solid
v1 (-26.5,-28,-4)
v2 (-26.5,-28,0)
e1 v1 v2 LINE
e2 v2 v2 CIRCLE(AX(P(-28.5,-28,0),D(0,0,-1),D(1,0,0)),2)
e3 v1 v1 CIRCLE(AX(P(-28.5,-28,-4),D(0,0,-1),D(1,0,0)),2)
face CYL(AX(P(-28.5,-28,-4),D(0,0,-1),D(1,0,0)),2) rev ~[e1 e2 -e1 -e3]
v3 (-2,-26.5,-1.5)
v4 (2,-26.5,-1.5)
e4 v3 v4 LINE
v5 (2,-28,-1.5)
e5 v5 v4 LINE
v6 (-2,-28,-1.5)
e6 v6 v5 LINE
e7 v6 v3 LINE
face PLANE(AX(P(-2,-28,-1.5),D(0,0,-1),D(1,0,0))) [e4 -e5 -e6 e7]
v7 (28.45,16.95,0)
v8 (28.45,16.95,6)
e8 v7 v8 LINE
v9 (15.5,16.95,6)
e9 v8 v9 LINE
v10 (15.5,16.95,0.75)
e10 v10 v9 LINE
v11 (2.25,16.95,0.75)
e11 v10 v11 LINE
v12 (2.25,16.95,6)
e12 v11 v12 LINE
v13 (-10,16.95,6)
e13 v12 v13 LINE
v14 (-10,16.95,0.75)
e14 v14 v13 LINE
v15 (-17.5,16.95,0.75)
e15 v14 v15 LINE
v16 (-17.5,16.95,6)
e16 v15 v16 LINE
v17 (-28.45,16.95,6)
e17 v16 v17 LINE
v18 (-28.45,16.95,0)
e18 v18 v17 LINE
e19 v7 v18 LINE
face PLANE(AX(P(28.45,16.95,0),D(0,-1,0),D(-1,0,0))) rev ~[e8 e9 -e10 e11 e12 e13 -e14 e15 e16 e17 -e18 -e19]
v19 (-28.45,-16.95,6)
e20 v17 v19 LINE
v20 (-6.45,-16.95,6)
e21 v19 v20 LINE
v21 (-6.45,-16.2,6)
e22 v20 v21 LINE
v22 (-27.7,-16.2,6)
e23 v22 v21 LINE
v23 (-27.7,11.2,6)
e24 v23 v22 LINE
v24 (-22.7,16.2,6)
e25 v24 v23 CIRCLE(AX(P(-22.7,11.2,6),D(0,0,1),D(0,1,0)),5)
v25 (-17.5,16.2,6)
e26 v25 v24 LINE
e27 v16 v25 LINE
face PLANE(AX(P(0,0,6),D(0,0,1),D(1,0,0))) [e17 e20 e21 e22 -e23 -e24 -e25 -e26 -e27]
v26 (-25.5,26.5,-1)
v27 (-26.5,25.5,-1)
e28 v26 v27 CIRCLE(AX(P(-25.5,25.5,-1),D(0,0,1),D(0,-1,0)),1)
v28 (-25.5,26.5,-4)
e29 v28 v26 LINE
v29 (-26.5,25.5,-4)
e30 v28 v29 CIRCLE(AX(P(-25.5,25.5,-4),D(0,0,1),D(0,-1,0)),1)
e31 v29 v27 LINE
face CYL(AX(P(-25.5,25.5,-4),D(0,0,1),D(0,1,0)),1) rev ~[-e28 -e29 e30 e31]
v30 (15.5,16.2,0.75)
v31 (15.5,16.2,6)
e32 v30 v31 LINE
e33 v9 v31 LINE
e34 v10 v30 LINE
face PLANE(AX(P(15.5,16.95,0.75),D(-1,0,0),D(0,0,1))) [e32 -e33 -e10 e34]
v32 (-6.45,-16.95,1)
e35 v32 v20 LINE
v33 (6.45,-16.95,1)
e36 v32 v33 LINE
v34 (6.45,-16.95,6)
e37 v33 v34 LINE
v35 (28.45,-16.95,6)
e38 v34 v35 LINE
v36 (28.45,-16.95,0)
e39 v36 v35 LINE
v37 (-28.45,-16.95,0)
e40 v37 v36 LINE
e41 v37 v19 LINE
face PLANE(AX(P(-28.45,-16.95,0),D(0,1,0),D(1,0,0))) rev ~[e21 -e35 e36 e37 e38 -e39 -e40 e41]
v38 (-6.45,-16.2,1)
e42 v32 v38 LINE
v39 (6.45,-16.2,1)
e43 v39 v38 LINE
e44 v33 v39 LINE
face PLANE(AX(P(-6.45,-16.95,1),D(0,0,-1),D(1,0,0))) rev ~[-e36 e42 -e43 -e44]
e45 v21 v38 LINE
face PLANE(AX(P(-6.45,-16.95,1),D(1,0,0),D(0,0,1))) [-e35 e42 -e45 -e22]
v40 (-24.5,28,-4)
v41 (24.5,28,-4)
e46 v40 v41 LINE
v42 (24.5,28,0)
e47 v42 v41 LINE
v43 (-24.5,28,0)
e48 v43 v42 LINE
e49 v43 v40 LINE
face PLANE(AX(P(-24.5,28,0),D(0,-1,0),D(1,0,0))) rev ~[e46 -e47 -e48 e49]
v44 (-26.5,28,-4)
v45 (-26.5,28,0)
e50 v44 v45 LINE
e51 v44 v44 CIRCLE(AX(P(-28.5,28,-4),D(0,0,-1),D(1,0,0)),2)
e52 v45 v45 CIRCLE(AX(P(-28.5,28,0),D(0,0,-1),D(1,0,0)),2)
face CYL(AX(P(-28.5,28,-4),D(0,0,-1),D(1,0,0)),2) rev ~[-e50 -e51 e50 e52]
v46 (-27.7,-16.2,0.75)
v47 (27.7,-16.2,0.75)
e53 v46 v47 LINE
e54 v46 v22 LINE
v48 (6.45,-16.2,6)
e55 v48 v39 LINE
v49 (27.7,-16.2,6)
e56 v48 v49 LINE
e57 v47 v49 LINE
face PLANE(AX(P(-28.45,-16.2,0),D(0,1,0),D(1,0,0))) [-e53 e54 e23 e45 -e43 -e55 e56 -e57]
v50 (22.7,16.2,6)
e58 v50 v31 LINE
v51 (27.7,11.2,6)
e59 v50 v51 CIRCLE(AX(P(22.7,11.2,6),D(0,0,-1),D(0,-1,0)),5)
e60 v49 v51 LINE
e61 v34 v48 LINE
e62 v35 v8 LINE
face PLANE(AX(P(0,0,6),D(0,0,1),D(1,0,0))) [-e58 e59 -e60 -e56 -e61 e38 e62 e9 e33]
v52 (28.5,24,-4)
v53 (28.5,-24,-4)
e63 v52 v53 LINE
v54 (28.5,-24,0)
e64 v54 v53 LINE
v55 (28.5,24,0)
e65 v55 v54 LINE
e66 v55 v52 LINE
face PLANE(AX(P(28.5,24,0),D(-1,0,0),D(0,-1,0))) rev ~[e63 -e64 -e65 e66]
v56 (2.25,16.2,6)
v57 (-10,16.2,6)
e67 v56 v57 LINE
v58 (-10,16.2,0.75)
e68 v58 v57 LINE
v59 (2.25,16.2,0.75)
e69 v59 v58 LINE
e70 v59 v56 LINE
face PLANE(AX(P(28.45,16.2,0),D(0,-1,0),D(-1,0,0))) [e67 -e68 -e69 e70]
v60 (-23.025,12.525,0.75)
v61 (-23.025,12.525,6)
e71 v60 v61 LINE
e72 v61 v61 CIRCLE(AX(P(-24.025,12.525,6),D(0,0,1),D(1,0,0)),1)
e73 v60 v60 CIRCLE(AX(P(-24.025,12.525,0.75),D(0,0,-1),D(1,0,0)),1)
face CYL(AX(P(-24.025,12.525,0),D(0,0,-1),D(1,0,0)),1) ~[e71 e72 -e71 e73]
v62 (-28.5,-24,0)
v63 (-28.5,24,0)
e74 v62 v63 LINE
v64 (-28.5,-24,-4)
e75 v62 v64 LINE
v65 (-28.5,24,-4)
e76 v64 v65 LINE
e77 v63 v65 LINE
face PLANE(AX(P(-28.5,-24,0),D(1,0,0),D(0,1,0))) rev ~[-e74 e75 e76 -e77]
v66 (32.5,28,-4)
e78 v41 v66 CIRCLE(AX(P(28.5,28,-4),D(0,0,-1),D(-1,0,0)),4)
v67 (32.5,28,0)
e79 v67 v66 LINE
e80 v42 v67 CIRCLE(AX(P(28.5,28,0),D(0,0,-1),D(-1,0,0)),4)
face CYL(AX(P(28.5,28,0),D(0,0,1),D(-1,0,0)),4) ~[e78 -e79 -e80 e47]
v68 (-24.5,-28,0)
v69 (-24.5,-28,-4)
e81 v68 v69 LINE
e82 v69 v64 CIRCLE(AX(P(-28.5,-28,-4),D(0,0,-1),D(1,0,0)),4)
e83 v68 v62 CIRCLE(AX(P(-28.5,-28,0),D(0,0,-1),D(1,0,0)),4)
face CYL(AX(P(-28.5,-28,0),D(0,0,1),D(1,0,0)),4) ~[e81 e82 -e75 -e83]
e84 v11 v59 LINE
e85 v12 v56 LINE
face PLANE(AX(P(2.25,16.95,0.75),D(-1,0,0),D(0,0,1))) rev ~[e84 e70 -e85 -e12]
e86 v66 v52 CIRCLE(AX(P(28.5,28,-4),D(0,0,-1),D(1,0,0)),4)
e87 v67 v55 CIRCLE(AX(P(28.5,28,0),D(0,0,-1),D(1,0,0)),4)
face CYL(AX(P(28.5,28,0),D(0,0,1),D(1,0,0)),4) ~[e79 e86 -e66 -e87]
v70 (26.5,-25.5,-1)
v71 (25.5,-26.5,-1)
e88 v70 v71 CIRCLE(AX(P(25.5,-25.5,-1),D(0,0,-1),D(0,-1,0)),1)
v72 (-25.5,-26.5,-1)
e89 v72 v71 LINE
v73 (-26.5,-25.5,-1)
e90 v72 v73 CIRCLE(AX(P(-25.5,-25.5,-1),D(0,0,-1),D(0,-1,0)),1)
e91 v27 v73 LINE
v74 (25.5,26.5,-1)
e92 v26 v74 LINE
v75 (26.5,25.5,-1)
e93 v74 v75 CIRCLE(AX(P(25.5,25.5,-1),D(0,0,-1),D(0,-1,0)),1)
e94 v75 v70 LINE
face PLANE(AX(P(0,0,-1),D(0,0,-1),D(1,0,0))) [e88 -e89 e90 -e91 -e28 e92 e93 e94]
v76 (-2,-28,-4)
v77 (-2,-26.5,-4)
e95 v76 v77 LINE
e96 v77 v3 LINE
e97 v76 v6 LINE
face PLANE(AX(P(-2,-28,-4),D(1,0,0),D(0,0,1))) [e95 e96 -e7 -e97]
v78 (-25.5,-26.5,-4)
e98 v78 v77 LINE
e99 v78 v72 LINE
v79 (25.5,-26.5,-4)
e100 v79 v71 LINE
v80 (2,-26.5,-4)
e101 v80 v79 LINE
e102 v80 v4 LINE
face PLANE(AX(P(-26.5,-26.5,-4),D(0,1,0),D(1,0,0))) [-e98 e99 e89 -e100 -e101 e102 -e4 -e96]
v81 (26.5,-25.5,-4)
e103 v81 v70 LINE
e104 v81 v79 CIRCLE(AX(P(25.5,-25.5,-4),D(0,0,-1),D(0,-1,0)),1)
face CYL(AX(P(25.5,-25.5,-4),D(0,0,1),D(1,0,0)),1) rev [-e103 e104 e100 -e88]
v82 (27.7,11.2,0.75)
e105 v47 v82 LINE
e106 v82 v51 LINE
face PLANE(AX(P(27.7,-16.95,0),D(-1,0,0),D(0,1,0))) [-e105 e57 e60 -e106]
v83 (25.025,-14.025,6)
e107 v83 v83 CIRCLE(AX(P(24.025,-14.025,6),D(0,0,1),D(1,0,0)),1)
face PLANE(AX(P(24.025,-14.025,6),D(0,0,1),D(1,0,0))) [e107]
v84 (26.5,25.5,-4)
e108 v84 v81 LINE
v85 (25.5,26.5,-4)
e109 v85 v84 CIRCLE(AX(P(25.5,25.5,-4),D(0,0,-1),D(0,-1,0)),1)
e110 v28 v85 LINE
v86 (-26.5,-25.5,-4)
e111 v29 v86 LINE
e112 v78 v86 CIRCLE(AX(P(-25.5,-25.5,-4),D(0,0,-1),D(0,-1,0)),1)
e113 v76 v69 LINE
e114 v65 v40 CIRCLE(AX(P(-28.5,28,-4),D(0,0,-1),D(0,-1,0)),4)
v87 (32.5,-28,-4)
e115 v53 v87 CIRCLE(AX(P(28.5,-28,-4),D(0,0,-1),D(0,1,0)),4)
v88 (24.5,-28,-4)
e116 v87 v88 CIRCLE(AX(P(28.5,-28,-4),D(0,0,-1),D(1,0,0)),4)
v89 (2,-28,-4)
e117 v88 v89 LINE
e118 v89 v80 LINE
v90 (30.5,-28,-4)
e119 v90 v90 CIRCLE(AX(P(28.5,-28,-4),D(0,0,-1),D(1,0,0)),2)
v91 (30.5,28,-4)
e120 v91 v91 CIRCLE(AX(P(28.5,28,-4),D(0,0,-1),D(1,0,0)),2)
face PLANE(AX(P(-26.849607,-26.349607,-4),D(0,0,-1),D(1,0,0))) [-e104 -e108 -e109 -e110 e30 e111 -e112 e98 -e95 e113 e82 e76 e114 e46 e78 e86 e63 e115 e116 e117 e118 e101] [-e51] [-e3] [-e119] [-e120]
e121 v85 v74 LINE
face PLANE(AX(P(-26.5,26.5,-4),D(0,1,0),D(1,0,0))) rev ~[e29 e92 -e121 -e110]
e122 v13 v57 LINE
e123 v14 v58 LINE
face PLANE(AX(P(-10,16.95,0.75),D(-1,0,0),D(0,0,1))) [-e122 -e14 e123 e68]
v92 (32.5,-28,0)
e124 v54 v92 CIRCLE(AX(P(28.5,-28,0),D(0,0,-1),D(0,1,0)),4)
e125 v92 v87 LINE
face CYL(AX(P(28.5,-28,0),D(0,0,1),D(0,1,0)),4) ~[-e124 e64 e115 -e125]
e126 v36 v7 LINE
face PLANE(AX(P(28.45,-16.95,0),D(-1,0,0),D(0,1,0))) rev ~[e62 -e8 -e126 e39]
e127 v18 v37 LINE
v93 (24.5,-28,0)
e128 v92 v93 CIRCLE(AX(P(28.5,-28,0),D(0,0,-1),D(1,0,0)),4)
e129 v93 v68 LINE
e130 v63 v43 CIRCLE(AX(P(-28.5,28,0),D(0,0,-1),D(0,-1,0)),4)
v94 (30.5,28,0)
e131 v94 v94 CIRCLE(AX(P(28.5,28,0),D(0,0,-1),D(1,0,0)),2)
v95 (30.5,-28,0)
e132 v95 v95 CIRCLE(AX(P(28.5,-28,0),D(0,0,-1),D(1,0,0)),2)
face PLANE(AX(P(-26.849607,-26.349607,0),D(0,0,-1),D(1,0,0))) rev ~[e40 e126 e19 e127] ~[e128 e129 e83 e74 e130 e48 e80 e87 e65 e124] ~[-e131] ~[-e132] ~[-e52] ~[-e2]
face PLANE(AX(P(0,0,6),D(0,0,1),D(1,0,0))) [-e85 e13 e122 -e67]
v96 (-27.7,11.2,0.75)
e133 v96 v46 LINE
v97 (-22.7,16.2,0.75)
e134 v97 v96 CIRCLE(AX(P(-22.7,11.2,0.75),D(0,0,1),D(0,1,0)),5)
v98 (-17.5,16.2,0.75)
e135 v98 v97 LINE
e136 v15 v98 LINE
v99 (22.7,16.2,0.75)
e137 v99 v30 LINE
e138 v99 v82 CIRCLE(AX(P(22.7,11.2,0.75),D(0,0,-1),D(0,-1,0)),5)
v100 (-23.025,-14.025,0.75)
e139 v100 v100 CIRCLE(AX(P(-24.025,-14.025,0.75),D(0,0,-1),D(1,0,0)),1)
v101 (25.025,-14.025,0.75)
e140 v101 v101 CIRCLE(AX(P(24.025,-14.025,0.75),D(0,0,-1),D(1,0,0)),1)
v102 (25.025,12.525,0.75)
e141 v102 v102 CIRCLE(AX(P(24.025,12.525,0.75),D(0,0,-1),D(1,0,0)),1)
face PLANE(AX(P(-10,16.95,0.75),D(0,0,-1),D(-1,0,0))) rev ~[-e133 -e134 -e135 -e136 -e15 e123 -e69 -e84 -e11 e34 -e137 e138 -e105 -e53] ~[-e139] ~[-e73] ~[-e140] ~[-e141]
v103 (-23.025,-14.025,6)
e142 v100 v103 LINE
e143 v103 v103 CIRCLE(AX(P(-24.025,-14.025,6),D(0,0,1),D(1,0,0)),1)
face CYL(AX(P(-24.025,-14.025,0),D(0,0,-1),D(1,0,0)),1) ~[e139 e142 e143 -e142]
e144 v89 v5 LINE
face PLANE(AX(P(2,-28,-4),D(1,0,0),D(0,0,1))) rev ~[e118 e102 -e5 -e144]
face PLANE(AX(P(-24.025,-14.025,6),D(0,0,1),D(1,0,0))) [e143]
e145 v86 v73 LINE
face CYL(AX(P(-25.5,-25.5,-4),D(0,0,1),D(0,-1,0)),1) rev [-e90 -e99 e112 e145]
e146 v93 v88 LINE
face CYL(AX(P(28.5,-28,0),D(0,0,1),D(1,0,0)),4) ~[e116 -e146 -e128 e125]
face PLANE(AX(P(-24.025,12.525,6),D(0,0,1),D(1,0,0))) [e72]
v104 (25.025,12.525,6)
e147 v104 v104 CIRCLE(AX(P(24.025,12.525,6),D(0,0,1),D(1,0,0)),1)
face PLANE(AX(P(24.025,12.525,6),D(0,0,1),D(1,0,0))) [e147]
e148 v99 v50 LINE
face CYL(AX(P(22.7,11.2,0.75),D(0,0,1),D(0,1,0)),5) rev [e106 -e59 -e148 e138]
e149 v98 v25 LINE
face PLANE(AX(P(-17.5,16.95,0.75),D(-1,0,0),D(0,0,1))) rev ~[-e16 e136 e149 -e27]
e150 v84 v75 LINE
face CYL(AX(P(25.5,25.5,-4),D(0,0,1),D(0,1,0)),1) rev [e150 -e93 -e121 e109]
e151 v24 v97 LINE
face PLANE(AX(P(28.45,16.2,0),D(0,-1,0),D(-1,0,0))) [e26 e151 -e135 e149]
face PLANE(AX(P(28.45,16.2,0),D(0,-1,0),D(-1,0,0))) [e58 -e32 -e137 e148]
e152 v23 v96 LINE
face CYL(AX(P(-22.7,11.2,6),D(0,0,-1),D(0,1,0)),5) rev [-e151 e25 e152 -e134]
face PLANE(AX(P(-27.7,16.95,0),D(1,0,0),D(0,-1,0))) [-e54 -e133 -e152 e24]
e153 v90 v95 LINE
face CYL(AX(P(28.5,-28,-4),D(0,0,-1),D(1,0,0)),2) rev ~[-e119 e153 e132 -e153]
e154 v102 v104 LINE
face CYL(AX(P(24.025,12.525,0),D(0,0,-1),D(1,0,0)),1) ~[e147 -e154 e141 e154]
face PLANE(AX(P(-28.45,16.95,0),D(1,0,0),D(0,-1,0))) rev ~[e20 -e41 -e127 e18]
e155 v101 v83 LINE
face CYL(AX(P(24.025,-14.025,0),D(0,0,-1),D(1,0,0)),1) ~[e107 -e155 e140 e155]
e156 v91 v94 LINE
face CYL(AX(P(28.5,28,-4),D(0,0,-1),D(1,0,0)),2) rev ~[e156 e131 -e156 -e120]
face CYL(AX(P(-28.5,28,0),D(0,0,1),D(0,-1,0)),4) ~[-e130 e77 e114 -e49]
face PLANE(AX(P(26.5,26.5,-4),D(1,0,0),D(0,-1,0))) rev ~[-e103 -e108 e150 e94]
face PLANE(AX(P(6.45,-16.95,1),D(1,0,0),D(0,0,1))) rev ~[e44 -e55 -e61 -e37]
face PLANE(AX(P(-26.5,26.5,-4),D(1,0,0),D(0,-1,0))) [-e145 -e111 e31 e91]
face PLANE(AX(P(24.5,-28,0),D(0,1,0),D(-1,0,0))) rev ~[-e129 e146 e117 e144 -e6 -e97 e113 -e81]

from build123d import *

# Parameters (mm, degrees)
F2_DEPTH  = 6
F3_T      = -0.75
F4_R      = 1
F5_DEPTH  = 6
F6_W      = 13.25
F6_H      = 5.25
F6_W_2    = 7.5
F7_DEPTH  = 0.75
F9_DEPTH  = 4
F10_W     = 12.9
F10_H     = 5
F11_DEPTH = 1
F12_R     = 2
F13_DEPTH = 4
F14_W     = 53
F14_H     = 53
F15_DEPTH = 3
F16_R     = 1
F17_R     = 5
F18_W     = 4
F18_H     = 2.5
F19_DEPTH = 1.5


with BuildPart() as f2:
    # F1 (on Top) → F2 (new body)
    with BuildSketch(Plane.XY):
        Polygon((-28.45, 16.95), (-28.45, -16.95), (28.45, -16.95), (28.45, 16.95), (16.2, 16.95), (1.45, 16.95), (-9.05, 16.95), (-18.3, 16.95), align=None)
    extrude(amount=F2_DEPTH)

    # F3
    f3_openings = [f2.faces().sort_by_distance(p)[0] for p in [
        (0, 0, 6),
    ]]
    offset(amount=F3_T, openings=f3_openings)

    # F4 (on Top) → F5 (join)
    with BuildSketch(Plane.XY):
        with Locations((-24.025, 12.525)):
            Circle(F4_R)
        with Locations((24.025, 12.525)):
            Circle(F4_R)
        with Locations((-24.025, -14.025)):
            Circle(F4_R)
        with Locations((24.025, -14.025)):
            Circle(F4_R)
    extrude(amount=F5_DEPTH)

    # F6 (on face) → F7 (cut)
    with BuildSketch(Plane(origin=(0, 16.95, 0), x_dir=(-1, 0, 0), z_dir=(0, 1, 0))):
        with Locations((-8.875, 3.375)):
            Rectangle(F6_W, F6_H)
        with Locations((13.75, 3.375)):
            Rectangle(F6_W_2, F6_H)
    extrude(amount=-F7_DEPTH, mode=Mode.SUBTRACT)

    # F8 (on face) → F9 (join)
    with BuildSketch(Plane(origin=(0, 0, 0), x_dir=(1, 0, 0), z_dir=(0, 0, -1))):
        with BuildLine():
            ThreePointArc((-28.5, 24), (-25.6715728753, 25.1715728753), (-24.5, 28))
            Line((-24.5, 28), (-28.5, 28))
            Line((-28.5, 28), (-28.5, 24))
        make_face()
        with BuildLine():
            Line((-28.5, 28), (-24.5, 28))
            ThreePointArc((-24.5, 28), (-31.3284271247, 30.8284271247), (-28.5, 24))
            Line((-28.5, 24), (-28.5, 28))
        make_face()
        with BuildLine():
            Line((24.5, 28), (-24.5, 28))
            ThreePointArc((-24.5, 28), (-25.6715728753, 25.1715728753), (-28.5, 24))
            Line((-28.5, 24), (-28.5, -24))
            ThreePointArc((-28.5, -24), (-25.6715728753, -25.1715728753), (-24.5, -28))
            Line((-24.5, -28), (24.5, -28))
            ThreePointArc((24.5, -28), (25.6715728753, -25.1715728753), (28.5, -24))
            Line((28.5, -24), (28.5, 24))
            ThreePointArc((28.5, 24), (25.6715728753, 25.1715728753), (24.5, 28))
        make_face()
        with BuildLine():
            ThreePointArc((32.5, 28), (28.5, 32), (24.5, 28))
            Line((24.5, 28), (28.5, 28))
            Line((28.5, 28), (28.5, 24))
            ThreePointArc((28.5, 24), (31.3284271247, 25.1715728753), (32.5, 28))
        make_face()
        with BuildLine():
            Line((28.5, 28), (24.5, 28))
            ThreePointArc((24.5, 28), (25.6715728753, 25.1715728753), (28.5, 24))
            Line((28.5, 24), (28.5, 28))
        make_face()
        with BuildLine():
            ThreePointArc((-24.5, -28), (-25.6715728753, -25.1715728753), (-28.5, -24))
            Line((-28.5, -24), (-28.5, -28))
            Line((-28.5, -28), (-24.5, -28))
        make_face()
        with BuildLine():
            Line((-28.5, -28), (-28.5, -24))
            ThreePointArc((-28.5, -24), (-31.3284271247, -30.8284271247), (-24.5, -28))
            Line((-24.5, -28), (-28.5, -28))
        make_face()
        with BuildLine():
            ThreePointArc((32.5, -28), (31.3284271247, -25.1715728753), (28.5, -24))
            Line((28.5, -24), (28.5, -28))
            Line((28.5, -28), (24.5, -28))
            ThreePointArc((24.5, -28), (28.5, -32), (32.5, -28))
        make_face()
        with BuildLine():
            Line((28.5, -28), (28.5, -24))
            ThreePointArc((28.5, -24), (25.6715728753, -25.1715728753), (24.5, -28))
            Line((24.5, -28), (28.5, -28))
        make_face()
    extrude(amount=F9_DEPTH)

    # F10 (on face) → F11 (cut)
    with BuildSketch(Plane.XZ.offset(16.95)):
        with Locations((0, 3.5)):
            Rectangle(F10_W, F10_H)
    extrude(amount=-F11_DEPTH, mode=Mode.SUBTRACT)

    # F12 (on face) → F13 (cut, through all)
    with BuildSketch(Plane(origin=(0, 0, -4), x_dir=(1, 0, 0), z_dir=(0, 0, -1))):
        with Locations((-28.5, 28)):
            Circle(F12_R)
        with Locations((28.5, 28)):
            Circle(F12_R)
        with Locations((28.5, -28)):
            Circle(F12_R)
        with Locations((-28.5, -28)):
            Circle(F12_R)
    extrude(amount=-F13_DEPTH, mode=Mode.SUBTRACT)

    # F14 (on face) → F15 (cut)
    with BuildSketch(Plane(origin=(0, 0, -4), x_dir=(1, 0, 0), z_dir=(0, 0, -1))):
        Rectangle(F14_W, F14_H)
    extrude(amount=-F15_DEPTH, mode=Mode.SUBTRACT)

    # F16
    f16_edges = [f2.edges().sort_by_distance(p)[0] for p in [
        (-26.5, -26.5, -2.5),
        (26.5, -26.5, -2.5),
        (26.5, 26.5, -2.5),
        (-26.5, 26.5, -2.5),
    ]]
    fillet(f16_edges, radius=F16_R)

    # F17
    f17_edges = [f2.edges().sort_by_distance(p)[0] for p in [
        (-27.7, 16.2, 3.375),
        (27.7, 16.2, 3.375),
    ]]
    fillet(f17_edges, radius=F17_R)

    # F18 (on face) → F19 (cut, through all)
    with BuildSketch(Plane.XZ.offset(28)):
        with Locations((0, -2.75)):
            Rectangle(F18_W, F18_H)
    extrude(amount=-F19_DEPTH, mode=Mode.SUBTRACT)


solid = f2.part
